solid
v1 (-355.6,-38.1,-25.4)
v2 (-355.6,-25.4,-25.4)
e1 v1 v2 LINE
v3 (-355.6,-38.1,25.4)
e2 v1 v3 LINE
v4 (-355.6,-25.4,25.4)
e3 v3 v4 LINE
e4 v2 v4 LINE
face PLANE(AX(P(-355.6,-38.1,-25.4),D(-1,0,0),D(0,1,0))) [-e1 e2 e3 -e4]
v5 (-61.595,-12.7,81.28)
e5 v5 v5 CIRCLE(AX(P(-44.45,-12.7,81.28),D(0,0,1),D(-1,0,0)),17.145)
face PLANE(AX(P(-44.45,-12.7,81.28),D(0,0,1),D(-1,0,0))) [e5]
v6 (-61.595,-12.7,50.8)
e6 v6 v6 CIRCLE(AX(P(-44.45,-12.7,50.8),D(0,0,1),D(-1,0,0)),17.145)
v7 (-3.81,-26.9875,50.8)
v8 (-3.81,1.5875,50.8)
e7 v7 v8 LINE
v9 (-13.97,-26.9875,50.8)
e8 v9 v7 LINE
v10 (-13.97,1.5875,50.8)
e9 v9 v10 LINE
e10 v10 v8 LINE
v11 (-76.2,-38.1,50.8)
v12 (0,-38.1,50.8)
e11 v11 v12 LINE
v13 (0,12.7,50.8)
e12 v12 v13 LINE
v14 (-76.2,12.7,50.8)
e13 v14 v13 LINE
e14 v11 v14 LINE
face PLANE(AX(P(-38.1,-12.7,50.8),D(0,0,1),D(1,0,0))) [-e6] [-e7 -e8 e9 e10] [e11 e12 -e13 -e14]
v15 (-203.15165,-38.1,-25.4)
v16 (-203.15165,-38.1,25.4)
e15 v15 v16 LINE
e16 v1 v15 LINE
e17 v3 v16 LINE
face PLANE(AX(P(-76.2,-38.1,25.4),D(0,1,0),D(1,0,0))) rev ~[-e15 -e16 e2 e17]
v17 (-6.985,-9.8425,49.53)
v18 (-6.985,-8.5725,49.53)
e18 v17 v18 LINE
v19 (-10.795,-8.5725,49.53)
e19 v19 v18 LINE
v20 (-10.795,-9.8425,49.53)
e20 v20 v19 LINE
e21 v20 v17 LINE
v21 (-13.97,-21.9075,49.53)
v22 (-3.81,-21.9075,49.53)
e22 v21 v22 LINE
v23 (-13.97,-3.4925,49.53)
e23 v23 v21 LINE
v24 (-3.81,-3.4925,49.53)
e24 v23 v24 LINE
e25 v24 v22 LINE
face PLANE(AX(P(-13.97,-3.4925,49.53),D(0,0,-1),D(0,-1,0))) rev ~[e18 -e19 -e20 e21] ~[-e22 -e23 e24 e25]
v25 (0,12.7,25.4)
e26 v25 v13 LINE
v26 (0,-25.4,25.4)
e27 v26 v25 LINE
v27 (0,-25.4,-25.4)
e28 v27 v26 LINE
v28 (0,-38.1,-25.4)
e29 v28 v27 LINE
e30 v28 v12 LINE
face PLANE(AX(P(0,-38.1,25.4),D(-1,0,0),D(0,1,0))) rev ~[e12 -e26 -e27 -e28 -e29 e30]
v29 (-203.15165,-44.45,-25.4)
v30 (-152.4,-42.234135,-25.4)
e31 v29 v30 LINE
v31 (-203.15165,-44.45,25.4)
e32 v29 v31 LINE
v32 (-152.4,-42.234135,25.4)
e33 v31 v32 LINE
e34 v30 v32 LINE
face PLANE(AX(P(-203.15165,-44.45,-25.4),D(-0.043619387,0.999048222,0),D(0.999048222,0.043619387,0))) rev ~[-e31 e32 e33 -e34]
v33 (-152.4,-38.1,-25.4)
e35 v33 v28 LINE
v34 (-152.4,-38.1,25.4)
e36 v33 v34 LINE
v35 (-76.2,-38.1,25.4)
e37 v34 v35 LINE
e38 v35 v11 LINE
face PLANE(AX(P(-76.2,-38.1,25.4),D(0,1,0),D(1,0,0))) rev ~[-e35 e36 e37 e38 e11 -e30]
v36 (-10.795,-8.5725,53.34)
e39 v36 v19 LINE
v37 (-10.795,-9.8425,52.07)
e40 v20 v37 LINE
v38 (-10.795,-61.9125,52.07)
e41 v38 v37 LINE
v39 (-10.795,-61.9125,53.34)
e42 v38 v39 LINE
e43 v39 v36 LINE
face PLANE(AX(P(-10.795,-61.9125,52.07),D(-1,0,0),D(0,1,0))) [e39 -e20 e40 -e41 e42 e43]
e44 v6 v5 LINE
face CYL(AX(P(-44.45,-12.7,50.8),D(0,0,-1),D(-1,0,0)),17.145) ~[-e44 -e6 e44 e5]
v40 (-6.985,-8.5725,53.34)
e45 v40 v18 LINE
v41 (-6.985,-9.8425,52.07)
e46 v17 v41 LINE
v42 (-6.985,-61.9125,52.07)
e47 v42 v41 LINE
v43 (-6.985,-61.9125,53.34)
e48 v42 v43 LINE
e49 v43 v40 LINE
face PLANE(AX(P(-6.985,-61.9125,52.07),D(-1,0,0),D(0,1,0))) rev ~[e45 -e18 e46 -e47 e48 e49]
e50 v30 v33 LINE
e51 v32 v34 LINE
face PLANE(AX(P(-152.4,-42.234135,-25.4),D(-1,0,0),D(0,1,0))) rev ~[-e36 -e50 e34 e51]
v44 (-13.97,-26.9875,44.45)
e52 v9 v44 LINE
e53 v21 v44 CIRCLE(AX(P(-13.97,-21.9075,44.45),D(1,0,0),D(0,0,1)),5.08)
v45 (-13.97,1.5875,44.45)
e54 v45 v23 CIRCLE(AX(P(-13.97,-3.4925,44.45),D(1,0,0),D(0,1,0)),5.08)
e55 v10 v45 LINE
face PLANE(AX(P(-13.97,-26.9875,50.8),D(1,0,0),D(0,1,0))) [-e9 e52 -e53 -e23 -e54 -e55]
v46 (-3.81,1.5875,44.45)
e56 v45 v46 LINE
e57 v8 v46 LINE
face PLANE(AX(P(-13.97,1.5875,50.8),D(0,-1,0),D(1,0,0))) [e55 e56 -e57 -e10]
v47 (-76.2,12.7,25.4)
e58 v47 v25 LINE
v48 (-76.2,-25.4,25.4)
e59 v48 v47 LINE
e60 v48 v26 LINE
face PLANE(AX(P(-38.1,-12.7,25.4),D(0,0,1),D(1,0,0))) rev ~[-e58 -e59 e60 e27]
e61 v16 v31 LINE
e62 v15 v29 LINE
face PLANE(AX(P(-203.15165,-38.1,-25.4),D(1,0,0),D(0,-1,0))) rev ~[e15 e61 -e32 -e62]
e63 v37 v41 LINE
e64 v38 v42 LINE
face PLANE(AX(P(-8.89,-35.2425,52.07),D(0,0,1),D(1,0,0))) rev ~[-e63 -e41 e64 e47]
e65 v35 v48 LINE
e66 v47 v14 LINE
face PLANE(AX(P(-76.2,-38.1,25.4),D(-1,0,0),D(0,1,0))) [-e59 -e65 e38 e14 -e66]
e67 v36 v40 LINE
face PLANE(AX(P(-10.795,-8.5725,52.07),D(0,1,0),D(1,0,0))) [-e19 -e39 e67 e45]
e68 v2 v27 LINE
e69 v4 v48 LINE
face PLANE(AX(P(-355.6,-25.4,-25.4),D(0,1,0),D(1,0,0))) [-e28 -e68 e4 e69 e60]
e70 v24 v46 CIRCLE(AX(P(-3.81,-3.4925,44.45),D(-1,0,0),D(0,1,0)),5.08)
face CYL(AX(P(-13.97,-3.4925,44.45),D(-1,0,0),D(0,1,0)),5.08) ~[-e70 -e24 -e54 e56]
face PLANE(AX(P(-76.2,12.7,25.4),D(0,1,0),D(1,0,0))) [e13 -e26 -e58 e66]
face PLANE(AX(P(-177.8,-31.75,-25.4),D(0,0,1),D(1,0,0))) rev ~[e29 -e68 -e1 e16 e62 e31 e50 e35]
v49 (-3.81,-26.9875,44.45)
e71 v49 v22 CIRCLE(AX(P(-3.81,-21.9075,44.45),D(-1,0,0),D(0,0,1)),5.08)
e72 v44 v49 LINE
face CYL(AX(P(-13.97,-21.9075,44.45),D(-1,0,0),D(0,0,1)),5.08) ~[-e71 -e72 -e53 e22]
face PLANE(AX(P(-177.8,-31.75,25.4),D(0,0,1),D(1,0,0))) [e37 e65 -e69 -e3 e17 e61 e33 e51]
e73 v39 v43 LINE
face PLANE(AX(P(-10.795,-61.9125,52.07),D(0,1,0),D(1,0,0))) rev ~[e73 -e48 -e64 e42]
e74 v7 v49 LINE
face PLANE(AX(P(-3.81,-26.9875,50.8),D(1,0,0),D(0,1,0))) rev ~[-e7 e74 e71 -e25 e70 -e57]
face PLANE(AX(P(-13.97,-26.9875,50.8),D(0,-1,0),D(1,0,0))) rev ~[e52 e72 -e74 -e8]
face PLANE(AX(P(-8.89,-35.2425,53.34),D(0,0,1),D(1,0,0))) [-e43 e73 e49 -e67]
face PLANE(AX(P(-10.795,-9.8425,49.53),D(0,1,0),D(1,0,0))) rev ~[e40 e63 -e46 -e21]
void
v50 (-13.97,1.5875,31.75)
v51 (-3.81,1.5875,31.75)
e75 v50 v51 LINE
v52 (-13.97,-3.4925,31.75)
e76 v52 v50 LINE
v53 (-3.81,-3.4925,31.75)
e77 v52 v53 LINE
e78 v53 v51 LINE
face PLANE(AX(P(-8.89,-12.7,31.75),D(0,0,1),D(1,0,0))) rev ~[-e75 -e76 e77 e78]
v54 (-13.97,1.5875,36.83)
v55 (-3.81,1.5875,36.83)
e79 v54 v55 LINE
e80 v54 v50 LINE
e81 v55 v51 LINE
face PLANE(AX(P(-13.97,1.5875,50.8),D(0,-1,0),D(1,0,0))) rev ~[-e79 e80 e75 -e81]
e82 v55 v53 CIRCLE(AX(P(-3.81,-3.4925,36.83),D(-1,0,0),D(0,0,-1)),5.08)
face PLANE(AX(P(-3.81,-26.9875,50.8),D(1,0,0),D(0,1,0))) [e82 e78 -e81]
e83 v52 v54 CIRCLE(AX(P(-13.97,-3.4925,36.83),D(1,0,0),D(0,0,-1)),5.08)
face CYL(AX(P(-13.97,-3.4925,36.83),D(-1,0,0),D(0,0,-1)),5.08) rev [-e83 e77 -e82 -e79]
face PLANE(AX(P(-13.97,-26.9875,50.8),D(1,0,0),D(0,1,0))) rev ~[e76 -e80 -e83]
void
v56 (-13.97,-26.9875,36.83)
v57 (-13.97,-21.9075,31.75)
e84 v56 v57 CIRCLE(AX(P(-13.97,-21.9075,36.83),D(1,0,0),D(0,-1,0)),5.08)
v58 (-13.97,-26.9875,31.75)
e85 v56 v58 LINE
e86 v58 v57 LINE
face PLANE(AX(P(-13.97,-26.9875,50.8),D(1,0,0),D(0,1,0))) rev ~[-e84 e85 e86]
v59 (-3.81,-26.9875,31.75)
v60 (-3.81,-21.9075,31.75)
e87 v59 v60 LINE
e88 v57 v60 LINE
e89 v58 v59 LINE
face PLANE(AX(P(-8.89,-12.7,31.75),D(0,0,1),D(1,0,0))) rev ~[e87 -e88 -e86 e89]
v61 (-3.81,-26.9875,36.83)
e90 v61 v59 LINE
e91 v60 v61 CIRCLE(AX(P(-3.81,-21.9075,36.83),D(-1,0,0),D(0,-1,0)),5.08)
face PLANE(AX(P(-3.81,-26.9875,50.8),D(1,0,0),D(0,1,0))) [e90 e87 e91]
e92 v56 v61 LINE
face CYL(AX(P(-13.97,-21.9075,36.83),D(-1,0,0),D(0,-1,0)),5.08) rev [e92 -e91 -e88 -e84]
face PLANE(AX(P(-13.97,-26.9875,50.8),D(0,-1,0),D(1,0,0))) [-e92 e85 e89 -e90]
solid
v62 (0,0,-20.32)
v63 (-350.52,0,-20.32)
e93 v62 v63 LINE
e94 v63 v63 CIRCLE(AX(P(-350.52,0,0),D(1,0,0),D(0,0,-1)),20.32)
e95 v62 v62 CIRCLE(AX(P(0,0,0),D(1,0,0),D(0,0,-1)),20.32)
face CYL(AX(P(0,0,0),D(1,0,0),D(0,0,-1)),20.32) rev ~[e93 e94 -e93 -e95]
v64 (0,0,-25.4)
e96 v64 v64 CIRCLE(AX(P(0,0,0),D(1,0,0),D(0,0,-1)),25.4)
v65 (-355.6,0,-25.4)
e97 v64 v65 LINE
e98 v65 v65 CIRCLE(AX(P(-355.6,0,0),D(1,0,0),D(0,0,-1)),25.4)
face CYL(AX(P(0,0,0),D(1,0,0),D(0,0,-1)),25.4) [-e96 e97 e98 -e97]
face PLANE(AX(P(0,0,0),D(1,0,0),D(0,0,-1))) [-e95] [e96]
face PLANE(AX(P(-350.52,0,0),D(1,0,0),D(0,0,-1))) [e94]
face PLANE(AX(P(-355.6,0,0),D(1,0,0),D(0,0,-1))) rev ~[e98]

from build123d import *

# Parameters (mm, degrees)
SKETCH3_R                = 25.4
BOSS_EXTRUDE1_DEPTH      = 355.6
SHELL1_T                 = -5.08
BOSS_EXTRUDE2_DEPTH      = 25.4
BOSS_EXTRUDE2_DEPTH_BACK = 25.4
SKETCH4_W                = 355.6
SKETCH4_H                = 12.7
SKETCH5_W                = 76.2
SKETCH5_H                = 50.8
BOSS_EXTRUDE3_DEPTH      = 25.4
SKETCH6_W                = 10.16
SKETCH6_H                = 28.575
CUT_EXTRUDE1_DEPTH       = 19.05
BOSS_EXTRUDE4_REACH      = 349.481
SKETCH8_W                = 3.81
SKETCH8_H                = 1.27
BOSS_EXTRUDE5_DEPTH      = 2.54
SKETCH10_W               = 3.81
SKETCH10_H               = 53.34
BOSS_EXTRUDE6_DEPTH      = 1.27
SKETCH11_R               = 17.145
BOSS_EXTRUDE7_DEPTH      = 30.48
BOSS_EXTRUDE8_START      = -25.4
BOSS_EXTRUDE8_DEPTH      = 50.8


with BuildPart() as part:
    # Sketch3 → Boss-Extrude1 (new body)
    with BuildSketch(Plane(origin=(0, 0, 0), x_dir=(0, 0, -1), z_dir=(1, 0, 0))):
        Circle(SKETCH3_R)
    extrude(amount=-BOSS_EXTRUDE1_DEPTH)

    # Shell1
    shell1_openings = [part.faces().sort_by_distance(p)[0] for p in [
        (0, 0, 0),
    ]]
    offset(amount=SHELL1_T, openings=shell1_openings, kind=Kind.INTERSECTION)


with BuildPart() as body_2:
    # Sketch4 → Boss-Extrude2 (new, two sides: drawn at the far end of the back side and taken through both)
    with BuildSketch(Plane.XY.offset(-BOSS_EXTRUDE2_DEPTH_BACK)):
        with Locations((-177.8, -31.75)):
            Rectangle(SKETCH4_W, SKETCH4_H)
    extrude(amount=BOSS_EXTRUDE2_DEPTH + BOSS_EXTRUDE2_DEPTH_BACK)

    # Sketch5 → Boss-Extrude3 (add)
    with BuildSketch(Plane.XY.offset(25.4)):
        with Locations((-38.1, -12.7)):
            Rectangle(SKETCH5_W, SKETCH5_H)
    extrude(amount=BOSS_EXTRUDE3_DEPTH)

    # Sketch6 → Cut-Extrude1 (cut)
    with BuildSketch(Plane.XY.offset(50.8)):
        with Locations((-8.89, -12.7)):
            Rectangle(SKETCH6_W, SKETCH6_H)
    extrude(amount=-CUT_EXTRUDE1_DEPTH, mode=Mode.SUBTRACT)

    # Sketch7 → Boss-Extrude4 (add, up to next)
    with BuildSketch(Plane(origin=(-13.97, 0, 0), x_dir=(0, 0, -1), z_dir=(1, 0, 0)), mode=Mode.PRIVATE) as boss_extrude4_sk1:
        with BuildLine():
            Line((-44.45, -26.9875), (-36.83, -26.9875))
            ThreePointArc((-36.83, -26.9875), (-33.237897552, -25.499602448), (-31.75, -21.9075))
            Line((-31.75, -21.9075), (-31.75, -3.4925))
            ThreePointArc((-31.75, -3.4925), (-33.237897552, 0.099602448), (-36.83, 1.5875))
            Line((-36.83, 1.5875), (-44.45, 1.5875))
            ThreePointArc((-44.45, 1.5875), (-48.042102448, 0.099602448), (-49.53, -3.4925))
            Line((-49.53, -3.4925), (-49.53, -21.9075))
            ThreePointArc((-49.53, -21.9075), (-48.042102448, -25.499602448), (-44.45, -26.9875))
        make_face()
    boss_extrude4_tool1 = extrude(boss_extrude4_sk1.sketch, amount=BOSS_EXTRUDE4_REACH, mode=Mode.PRIVATE) - body_2.part
    add(boss_extrude4_tool1.solids().sort_by_distance((-13.97, -12.7, 40.64))[0])

    # Sketch8 → Boss-Extrude5 (add)
    with BuildSketch(Plane.XY.offset(49.53)):
        with Locations((-8.89, -9.2075)):
            Rectangle(SKETCH8_W, SKETCH8_H)
    extrude(amount=BOSS_EXTRUDE5_DEPTH)

    # Sketch10 → Boss-Extrude6 (add)
    with BuildSketch(Plane.XY.offset(52.07)):
        with Locations((-8.89, -35.2425)):
            Rectangle(SKETCH10_W, SKETCH10_H)
    extrude(amount=BOSS_EXTRUDE6_DEPTH)

    # Sketch11 → Boss-Extrude7 (add)
    with BuildSketch(Plane.XY.offset(50.8)):
        with Locations(Location((-44.45, -12.7, 0), (0, 0, 180))):
            Circle(SKETCH11_R)
    extrude(amount=BOSS_EXTRUDE7_DEPTH)

    # Sketch12 → Boss-Extrude8 (add)
    with BuildSketch(Plane.XY.offset(BOSS_EXTRUDE8_START)):
        Polygon((-203.151649656, -44.45), (-152.4, -42.234135122), (-152.4, -38.1), (-203.151649656, -38.1), align=None)
    extrude(amount=BOSS_EXTRUDE8_DEPTH)


solid = Compound([part.part, body_2.part])
